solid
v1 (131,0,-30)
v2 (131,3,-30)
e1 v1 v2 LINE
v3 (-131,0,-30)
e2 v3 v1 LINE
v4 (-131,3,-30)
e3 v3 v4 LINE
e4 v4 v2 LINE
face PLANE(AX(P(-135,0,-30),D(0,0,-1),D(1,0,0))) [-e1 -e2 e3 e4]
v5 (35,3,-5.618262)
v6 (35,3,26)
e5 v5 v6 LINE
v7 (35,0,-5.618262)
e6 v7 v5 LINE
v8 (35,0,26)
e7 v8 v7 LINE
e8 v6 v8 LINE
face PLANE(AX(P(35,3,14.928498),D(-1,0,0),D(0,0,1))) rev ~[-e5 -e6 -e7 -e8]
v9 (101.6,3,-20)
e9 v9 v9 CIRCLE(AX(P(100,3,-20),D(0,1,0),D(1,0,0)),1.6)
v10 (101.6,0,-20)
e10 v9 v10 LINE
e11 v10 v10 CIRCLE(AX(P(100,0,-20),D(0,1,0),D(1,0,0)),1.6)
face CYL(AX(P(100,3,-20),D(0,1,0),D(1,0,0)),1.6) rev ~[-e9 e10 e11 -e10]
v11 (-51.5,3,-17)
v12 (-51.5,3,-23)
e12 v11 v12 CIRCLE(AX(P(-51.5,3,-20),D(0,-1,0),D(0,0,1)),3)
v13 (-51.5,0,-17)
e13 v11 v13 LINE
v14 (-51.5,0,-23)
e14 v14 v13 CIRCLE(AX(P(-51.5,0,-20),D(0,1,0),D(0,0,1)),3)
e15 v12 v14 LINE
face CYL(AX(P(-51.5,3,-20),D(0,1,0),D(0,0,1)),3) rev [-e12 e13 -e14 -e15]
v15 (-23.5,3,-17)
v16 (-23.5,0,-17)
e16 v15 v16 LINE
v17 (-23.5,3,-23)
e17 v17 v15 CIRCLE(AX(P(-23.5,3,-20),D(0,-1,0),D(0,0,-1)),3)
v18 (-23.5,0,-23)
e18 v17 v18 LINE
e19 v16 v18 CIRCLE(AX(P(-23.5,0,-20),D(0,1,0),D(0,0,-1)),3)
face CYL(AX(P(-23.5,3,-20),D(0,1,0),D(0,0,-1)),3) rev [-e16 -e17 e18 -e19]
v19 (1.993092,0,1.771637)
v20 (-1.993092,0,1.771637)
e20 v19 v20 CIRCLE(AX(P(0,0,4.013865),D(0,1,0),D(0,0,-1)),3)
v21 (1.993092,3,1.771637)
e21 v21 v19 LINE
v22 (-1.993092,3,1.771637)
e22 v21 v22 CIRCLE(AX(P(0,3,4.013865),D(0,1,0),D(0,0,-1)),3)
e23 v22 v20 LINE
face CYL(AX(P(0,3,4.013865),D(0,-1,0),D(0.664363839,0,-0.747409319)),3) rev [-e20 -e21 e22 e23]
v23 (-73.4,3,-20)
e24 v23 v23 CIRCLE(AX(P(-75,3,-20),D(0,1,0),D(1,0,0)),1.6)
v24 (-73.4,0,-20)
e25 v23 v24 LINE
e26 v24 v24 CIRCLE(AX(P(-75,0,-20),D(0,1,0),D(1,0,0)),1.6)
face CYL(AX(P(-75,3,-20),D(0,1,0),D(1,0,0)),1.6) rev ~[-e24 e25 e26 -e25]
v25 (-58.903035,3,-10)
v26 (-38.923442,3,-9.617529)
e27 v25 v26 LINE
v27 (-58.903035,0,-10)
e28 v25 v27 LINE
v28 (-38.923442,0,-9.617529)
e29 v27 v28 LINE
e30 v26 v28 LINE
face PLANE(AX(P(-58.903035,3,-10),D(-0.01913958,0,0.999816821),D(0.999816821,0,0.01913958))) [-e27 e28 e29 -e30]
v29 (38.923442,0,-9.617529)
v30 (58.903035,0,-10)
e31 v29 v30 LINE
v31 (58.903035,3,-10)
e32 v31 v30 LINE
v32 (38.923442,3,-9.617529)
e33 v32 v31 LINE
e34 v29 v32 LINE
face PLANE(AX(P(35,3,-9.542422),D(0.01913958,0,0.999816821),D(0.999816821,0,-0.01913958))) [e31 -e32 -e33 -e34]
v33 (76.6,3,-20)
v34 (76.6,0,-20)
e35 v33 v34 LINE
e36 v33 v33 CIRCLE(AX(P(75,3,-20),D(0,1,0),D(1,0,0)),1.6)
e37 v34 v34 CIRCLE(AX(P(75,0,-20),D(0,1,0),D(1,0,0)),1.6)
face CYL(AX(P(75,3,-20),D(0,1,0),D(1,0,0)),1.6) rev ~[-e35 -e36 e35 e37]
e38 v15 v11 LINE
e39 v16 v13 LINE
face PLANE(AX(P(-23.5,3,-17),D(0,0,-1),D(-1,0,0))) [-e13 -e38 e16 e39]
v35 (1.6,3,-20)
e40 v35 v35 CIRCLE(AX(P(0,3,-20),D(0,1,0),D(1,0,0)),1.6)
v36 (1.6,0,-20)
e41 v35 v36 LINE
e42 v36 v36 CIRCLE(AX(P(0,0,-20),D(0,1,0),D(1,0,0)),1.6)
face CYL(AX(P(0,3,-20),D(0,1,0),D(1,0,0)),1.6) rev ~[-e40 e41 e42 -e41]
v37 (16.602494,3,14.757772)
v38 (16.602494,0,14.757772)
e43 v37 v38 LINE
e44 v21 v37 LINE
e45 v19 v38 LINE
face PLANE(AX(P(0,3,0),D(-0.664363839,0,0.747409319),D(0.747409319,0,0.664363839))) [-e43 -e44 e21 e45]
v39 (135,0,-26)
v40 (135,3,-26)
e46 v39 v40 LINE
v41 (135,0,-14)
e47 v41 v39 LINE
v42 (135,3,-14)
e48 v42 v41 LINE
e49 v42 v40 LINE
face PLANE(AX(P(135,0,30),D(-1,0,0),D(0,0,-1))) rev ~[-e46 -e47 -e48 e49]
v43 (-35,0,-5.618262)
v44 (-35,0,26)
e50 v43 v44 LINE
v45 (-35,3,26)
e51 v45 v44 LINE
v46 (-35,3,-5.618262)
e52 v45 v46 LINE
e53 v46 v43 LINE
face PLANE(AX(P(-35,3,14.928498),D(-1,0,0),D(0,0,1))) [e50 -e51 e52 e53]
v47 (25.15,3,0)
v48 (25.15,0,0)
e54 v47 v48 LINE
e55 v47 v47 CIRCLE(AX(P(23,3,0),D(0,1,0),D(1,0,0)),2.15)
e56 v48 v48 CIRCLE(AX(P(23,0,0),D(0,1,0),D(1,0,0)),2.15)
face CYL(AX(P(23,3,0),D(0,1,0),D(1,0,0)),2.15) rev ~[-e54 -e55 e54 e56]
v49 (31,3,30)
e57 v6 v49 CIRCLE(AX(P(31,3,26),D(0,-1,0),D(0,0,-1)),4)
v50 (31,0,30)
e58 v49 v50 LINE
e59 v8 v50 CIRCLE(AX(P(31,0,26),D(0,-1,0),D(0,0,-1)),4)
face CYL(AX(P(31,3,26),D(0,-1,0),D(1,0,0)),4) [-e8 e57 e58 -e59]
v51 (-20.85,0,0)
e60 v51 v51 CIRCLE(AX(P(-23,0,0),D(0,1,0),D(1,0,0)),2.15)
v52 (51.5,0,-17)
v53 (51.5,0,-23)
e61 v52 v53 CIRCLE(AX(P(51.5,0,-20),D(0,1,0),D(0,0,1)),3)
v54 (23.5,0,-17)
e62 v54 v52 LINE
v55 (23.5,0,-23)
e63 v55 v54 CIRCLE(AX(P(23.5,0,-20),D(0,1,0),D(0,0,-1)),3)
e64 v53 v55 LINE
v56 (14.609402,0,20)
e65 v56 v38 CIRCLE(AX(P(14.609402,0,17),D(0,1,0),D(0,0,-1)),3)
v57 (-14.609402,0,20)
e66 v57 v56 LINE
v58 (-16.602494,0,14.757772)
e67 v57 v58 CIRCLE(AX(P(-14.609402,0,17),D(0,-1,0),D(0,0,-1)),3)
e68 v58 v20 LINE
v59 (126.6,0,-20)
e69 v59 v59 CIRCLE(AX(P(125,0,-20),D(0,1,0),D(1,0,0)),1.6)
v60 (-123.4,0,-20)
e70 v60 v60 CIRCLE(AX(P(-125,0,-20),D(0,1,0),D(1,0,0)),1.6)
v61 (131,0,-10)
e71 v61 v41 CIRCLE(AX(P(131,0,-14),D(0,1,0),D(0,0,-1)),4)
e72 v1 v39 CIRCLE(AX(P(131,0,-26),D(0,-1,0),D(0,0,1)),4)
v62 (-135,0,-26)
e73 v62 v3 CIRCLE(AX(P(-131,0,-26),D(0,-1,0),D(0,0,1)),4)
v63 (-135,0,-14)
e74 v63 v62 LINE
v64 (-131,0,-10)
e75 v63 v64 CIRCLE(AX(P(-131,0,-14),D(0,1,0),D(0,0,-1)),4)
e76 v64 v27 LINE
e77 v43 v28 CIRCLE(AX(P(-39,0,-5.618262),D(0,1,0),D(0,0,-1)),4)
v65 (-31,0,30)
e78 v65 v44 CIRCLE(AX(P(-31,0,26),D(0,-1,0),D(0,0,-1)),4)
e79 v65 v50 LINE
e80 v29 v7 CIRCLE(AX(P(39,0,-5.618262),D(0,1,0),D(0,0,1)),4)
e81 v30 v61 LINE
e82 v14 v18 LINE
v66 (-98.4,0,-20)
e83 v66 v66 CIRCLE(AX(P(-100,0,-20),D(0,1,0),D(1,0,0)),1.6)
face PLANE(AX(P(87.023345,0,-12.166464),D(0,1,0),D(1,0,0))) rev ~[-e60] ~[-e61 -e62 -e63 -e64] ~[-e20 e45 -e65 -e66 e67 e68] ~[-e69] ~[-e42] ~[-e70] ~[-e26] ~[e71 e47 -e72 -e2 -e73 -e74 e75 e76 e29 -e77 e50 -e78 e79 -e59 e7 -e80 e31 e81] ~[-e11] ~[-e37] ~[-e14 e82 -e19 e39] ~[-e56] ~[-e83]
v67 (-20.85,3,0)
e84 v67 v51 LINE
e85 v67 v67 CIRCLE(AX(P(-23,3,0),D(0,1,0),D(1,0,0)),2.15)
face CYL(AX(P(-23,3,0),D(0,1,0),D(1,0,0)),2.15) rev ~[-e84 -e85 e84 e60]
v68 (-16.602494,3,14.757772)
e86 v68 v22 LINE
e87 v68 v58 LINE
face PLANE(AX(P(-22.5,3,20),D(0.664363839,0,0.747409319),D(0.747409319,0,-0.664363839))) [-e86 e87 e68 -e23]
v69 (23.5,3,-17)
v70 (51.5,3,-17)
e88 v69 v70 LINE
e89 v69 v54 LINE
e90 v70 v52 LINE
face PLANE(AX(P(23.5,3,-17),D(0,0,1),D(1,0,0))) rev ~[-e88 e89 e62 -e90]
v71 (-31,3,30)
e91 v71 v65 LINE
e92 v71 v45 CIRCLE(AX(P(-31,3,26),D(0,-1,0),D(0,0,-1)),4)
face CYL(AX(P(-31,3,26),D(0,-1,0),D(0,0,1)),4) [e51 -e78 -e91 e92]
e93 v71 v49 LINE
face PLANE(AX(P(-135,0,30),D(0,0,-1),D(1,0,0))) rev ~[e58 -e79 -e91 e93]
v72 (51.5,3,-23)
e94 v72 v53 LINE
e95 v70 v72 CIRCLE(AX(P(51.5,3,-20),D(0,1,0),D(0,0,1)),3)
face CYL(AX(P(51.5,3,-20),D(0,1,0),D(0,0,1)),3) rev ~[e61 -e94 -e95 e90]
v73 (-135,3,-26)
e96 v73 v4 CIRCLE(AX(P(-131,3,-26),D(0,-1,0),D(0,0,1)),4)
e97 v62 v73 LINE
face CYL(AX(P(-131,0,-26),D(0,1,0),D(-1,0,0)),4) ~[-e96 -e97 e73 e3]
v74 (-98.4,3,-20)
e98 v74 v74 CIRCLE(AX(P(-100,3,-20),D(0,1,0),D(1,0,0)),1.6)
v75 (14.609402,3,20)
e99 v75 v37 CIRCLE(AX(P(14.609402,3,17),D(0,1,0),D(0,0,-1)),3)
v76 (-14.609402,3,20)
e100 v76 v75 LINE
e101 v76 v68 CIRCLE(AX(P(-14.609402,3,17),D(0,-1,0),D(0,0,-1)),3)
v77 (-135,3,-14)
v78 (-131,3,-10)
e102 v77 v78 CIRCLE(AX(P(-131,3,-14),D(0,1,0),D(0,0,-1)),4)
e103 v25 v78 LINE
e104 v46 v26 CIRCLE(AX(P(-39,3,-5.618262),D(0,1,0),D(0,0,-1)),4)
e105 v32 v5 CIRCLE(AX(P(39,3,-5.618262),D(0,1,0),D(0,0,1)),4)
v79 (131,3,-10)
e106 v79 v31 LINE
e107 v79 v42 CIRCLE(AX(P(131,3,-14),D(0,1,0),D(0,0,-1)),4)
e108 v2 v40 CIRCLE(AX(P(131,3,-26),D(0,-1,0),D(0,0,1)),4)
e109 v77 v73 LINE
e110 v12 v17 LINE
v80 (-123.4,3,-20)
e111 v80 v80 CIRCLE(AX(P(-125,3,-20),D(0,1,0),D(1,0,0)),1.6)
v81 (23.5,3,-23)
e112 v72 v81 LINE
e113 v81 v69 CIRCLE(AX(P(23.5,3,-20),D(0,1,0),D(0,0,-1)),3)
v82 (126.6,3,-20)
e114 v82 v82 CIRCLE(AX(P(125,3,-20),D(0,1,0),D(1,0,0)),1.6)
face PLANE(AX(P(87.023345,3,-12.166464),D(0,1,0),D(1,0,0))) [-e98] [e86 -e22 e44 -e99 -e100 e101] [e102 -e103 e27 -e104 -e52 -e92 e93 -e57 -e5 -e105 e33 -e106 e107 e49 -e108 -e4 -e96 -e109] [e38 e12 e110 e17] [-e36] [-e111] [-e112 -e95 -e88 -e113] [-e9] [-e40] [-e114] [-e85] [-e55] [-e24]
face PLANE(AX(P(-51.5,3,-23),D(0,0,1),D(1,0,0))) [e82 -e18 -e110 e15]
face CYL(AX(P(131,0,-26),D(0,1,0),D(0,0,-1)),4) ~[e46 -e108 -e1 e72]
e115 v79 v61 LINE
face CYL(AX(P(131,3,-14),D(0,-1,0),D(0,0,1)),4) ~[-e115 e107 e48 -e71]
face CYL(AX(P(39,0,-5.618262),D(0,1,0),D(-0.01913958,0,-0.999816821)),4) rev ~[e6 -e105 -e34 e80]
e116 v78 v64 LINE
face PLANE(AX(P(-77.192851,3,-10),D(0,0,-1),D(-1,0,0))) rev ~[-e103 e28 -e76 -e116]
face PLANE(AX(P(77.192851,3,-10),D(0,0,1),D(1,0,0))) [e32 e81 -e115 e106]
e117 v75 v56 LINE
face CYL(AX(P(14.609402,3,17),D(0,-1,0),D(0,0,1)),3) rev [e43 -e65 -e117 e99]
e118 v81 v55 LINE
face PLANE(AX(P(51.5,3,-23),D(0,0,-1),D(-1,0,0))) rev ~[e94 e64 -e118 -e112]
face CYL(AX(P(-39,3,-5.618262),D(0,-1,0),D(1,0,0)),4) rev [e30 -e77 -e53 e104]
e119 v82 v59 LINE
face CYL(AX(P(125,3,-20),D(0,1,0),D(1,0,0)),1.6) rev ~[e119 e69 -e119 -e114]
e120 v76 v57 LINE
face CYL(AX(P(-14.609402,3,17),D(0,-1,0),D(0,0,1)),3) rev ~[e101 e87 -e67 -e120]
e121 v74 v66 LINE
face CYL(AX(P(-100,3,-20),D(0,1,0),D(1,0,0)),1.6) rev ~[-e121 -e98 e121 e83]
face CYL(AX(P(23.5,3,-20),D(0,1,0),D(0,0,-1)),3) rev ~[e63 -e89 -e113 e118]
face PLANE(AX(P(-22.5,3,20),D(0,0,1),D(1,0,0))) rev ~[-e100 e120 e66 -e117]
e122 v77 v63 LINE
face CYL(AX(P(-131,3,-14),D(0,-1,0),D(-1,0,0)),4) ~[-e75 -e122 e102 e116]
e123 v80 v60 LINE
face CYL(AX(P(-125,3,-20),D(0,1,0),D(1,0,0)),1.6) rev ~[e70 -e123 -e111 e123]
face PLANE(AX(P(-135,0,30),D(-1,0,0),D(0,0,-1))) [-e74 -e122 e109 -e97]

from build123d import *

# Parameters (mm, degrees)
SKETCH_1_W          = 270
SKETCH_1_H          = 60
EXTRUDE_1_DEPTH     = 3
SKETCH_2_R          = 2.15
SKETCH_2_R_2        = 1.6
CUT_EXTRUDE_1_DEPTH = 3
SKETCH_3_R          = 1.6
CUT_EXTRUDE_2_DEPTH = 10
CUT_EXTRUDE_3_DEPTH = 10
FILLET_1_R          = 3
FILLET_2_R          = 4
SKETCH_5_W          = 100
SKETCH_5_H          = 40
CUT_EXTRUDE_4_DEPTH = 10
EXTRUDE_2_DEPTH     = 3
EXTRUDE_9_DEPTH     = 3
EXTRUDE_10_DEPTH    = 3
EXTRUDE_11_DEPTH    = 3
EXTRUDE_13_DEPTH    = 3
EXTRUDE_14_DEPTH    = 3
EXTRUDE_16_DEPTH    = 3
EXTRUDE_17_DEPTH    = 3
EXTRUDE_18_DEPTH    = 3
EXTRUDE_19_DEPTH    = 3
CUT_EXTRUDE_5_DEPTH = 4
FILLET_4_R          = 4


with BuildPart() as part:
    # 草图1 → 凸台-拉伸1 (new body)
    with BuildSketch(Plane(origin=(0, 0, 0), x_dir=(1, 0, 0), z_dir=(0, 1, 0))):
        Rectangle(SKETCH_1_W, SKETCH_1_H)
    extrude(amount=EXTRUDE_1_DEPTH)

    # 草图2 → 切除-拉伸1 (cut)
    with BuildSketch(Plane(origin=(0, 3, 0), x_dir=(1, 0, 0), z_dir=(0, 1, 0))):
        with Locations((-23, 0)):
            Circle(SKETCH_2_R)
        with Locations((23, 0)):
            Circle(SKETCH_2_R)
        with Locations((-125, -20)):
            Circle(SKETCH_2_R_2)
        with Locations((-125, -60)):
            Circle(SKETCH_2_R_2)
        with Locations((125, -60)):
            Circle(SKETCH_2_R_2)
        with Locations((125, -20)):
            Circle(SKETCH_2_R_2)
    extrude(amount=-CUT_EXTRUDE_1_DEPTH, mode=Mode.SUBTRACT)

    # 草图3 → 切除-拉伸2 (cut)
    with BuildSketch(Plane(origin=(0, 3, 0), x_dir=(1, 0, 0), z_dir=(0, 1, 0))):
        with Locations((125, 20)):
            Circle(SKETCH_3_R)
        with Locations((100, 20)):
            Circle(SKETCH_3_R)
        with Locations((75, 20)):
            Circle(SKETCH_3_R)
        with Locations((0, 20)):
            Circle(SKETCH_3_R)
        with Locations((-75, 20)):
            Circle(SKETCH_3_R)
        with Locations((-100, 20)):
            Circle(SKETCH_3_R)
        with Locations((-125, 20)):
            Circle(SKETCH_3_R)
    extrude(amount=-CUT_EXTRUDE_2_DEPTH, mode=Mode.SUBTRACT)

    # 草图4 → 切除-拉伸3 (cut)
    with BuildSketch(Plane(origin=(0, 3, 0), x_dir=(1, 0, 0), z_dir=(0, 1, 0))):
        with BuildLine():
            Line((-112.832473586, 10.419213325), (-112.99590583, 10.347711719))
            ThreePointArc((-112.99590583, 10.347711719), (-119.580786675, 12.924404223), (-117.00409417, 19.509285068))
            Line((-117.00409417, 19.509285068), (-116.840661926, 19.580786675))
            ThreePointArc((-116.840661926, 19.580786675), (-110.255781081, 17.00409417), (-112.832473586, 10.419213325))
        make_face()
        with BuildLine():
            Line((-79.771332565, 7.419213325), (-112.99590583, -7.116537478))
            ThreePointArc((-112.99590583, -7.116537478), (-119.580786675, -4.539844974), (-117.00409417, 2.045035871))
            Line((-117.00409417, 2.045035871), (-83.779520905, 16.580786675))
            ThreePointArc((-83.779520905, 16.580786675), (-77.194640061, 14.00409417), (-79.771332565, 7.419213325))
        make_face()
        with BuildLine():
            Line((-32.99590583, 10.419213325), (-112.99590583, -24.580786675))
            ThreePointArc((-112.99590583, -24.580786675), (-119.580786675, -22.00409417), (-117.00409417, -15.419213325))
            Line((-117.00409417, -15.419213325), (-37.00409417, 19.580786675))
            ThreePointArc((-37.00409417, 19.580786675), (-30.419213325, 17.00409417), (-32.99590583, 10.419213325))
        make_face()
        with BuildLine():
            Line((-32.99590583, -10.045035871), (-66.220479095, -24.580786675))
            ThreePointArc((-66.220479095, -24.580786675), (-72.805359939, -22.00409417), (-70.228667435, -15.419213325))
            Line((-70.228667435, -15.419213325), (-37.00409417, -0.883462522))
            ThreePointArc((-37.00409417, -0.883462522), (-30.419213325, -3.460155026), (-32.99590583, -10.045035871))
        make_face()
        with BuildLine():
            Line((-32.99590583, -24.509285068), (-33.159338074, -24.580786675))
            ThreePointArc((-33.159338074, -24.580786675), (-39.744218919, -22.00409417), (-37.167526414, -15.419213325))
            Line((-37.167526414, -15.419213325), (-37.00409417, -15.347711719))
            ThreePointArc((-37.00409417, -15.347711719), (-30.419213325, -17.924404223), (-32.99590583, -24.509285068))
        make_face()
        with BuildLine():
            Line((32.99590583, -24.509285068), (33.159338074, -24.580786675))
            ThreePointArc((33.159338074, -24.580786675), (39.744218919, -22.00409417), (37.167526414, -15.419213325))
            Line((37.167526414, -15.419213325), (37.00409417, -15.347711719))
            ThreePointArc((37.00409417, -15.347711719), (30.419213325, -17.924404223), (32.99590583, -24.509285068))
        make_face()
        with BuildLine():
            Line((32.99590583, -10.045035871), (66.220479095, -24.580786675))
            ThreePointArc((66.220479095, -24.580786675), (72.805359939, -22.00409417), (70.228667435, -15.419213325))
            Line((70.228667435, -15.419213325), (37.00409417, -0.883462522))
            ThreePointArc((37.00409417, -0.883462522), (30.419213325, -3.460155026), (32.99590583, -10.045035871))
        make_face()
        with BuildLine():
            Line((32.99590583, 10.419213325), (112.99590583, -24.580786675))
            ThreePointArc((112.99590583, -24.580786675), (119.580786675, -22.00409417), (117.00409417, -15.419213325))
            Line((117.00409417, -15.419213325), (37.00409417, 19.580786675))
            ThreePointArc((37.00409417, 19.580786675), (30.419213325, 17.00409417), (32.99590583, 10.419213325))
        make_face()
        with BuildLine():
            Line((79.771332565, 7.419213325), (112.99590583, -7.116537478))
            ThreePointArc((112.99590583, -7.116537478), (119.580786675, -4.539844974), (117.00409417, 2.045035871))
            Line((117.00409417, 2.045035871), (83.779520905, 16.580786675))
            ThreePointArc((83.779520905, 16.580786675), (77.194640061, 14.00409417), (79.771332565, 7.419213325))
        make_face()
        with BuildLine():
            Line((112.832473586, 10.419213325), (112.99590583, 10.347711719))
            ThreePointArc((112.99590583, 10.347711719), (119.580786675, 12.924404223), (117.00409417, 19.509285068))
            Line((117.00409417, 19.509285068), (116.840661926, 19.580786675))
            ThreePointArc((116.840661926, 19.580786675), (110.255781081, 17.00409417), (112.832473586, 10.419213325))
        make_face()
        Polygon((0, -20), (-22.5, -20), (0, 0), (22.5, -20), align=None)
    extrude(amount=-CUT_EXTRUDE_3_DEPTH, mode=Mode.SUBTRACT)

    # 圆角1
    fillet_1_edges = [part.edges().sort_by_distance(p)[0] for p in [
        (22.5, 1.5, 20),
        (-22.5, 1.5, 20),
        (0, 1.5, 0),
    ]]
    fillet(fillet_1_edges, radius=FILLET_1_R)

    # 圆角2
    fillet_2_edges = [part.edges().sort_by_distance(p)[0] for p in [
        (135, 1.5, 30),
        (-135, 1.5, 30),
        (-135, 1.5, -30),
        (135, 1.5, -30),
    ]]
    fillet(fillet_2_edges, radius=FILLET_2_R)

    # 草图5 → 切除-拉伸4 (cut)
    with BuildSketch(Plane(origin=(0, 3, 0), x_dir=(1, 0, 0), z_dir=(0, 1, 0))):
        with Locations((-85, -10)):
            Rectangle(SKETCH_5_W, SKETCH_5_H)
        with Locations((85, -10)):
            Rectangle(SKETCH_5_W, SKETCH_5_H)
    extrude(amount=-CUT_EXTRUDE_4_DEPTH, mode=Mode.SUBTRACT)

    # 草图6 → 凸台-拉伸2 (add)
    with BuildSketch(Plane(origin=(0, 3, 0), x_dir=(1, 0, 0), z_dir=(0, 1, 0))):
        with BuildLine():
            Line((-111.519942965, 10), (-118.153192546, 10))
            ThreePointArc((-118.153192546, 10), (-114.836567756, 21), (-111.519942965, 10))
        make_face()
    extrude(amount=-EXTRUDE_2_DEPTH)

    # 草图7 → 凸台-拉伸9 (add)
    with BuildSketch(Plane(origin=(0, 3, 0), x_dir=(1, 0, 0), z_dir=(0, 1, 0))):
        with BuildLine():
            Line((-98.821319018, 10), (-83.779520905, 16.580786675))
            ThreePointArc((-83.779520905, 16.580786675), (-78.241472851, 15.537113222), (-77.19285104, 10))
            Line((-77.19285104, 10), (-98.821319018, 10))
        make_face()
    extrude(amount=-EXTRUDE_9_DEPTH)

    # 草图8 → 凸台-拉伸10 (add)
    with BuildSketch(Plane(origin=(0, 3, 0), x_dir=(1, 0, 0), z_dir=(0, 1, 0))):
        with BuildLine():
            Line((-58.90303514, 10), (-35, 9.542422126))
            Line((-35, 9.542422126), (-32.99590583, 10.419213325))
            ThreePointArc((-32.99590583, 10.419213325), (-30.419213325, 17.00409417), (-37.00409417, 19.580786675))
            Line((-37.00409417, 19.580786675), (-58.90303514, 10))
        make_face()
    extrude(amount=-EXTRUDE_10_DEPTH)

    # 草图9 → 凸台-拉伸11 (add)
    with BuildSketch(Plane(origin=(0, 3, 0), x_dir=(1, 0, 0), z_dir=(0, 1, 0))):
        with BuildLine():
            Line((-35, -0.464249197), (-35, -10.921827071))
            Line((-35, -10.921827071), (-32.99590583, -10.045035871))
            ThreePointArc((-32.99590583, -10.045035871), (-30.105925349, -4.440514214), (-35, -0.464249197))
        make_face()
    extrude(amount=-EXTRUDE_11_DEPTH)

    # 草图10 → 凸台-拉伸13 (add)
    with BuildSketch(Plane(origin=(0, 3, 0), x_dir=(1, 0, 0), z_dir=(0, 1, 0))):
        with BuildLine():
            Line((-35, -14.928498393), (-35, -24.997328276))
            ThreePointArc((-35, -24.997328276), (-29.965585058, -19.962913335), (-35, -14.928498393))
        make_face()
    extrude(amount=-EXTRUDE_13_DEPTH)

    # 草图11 → 凸台-拉伸14 (add)
    with BuildSketch(Plane(origin=(0, 3, 0), x_dir=(1, 0, 0), z_dir=(0, 1, 0))):
        with BuildLine():
            Line((35, -0.464249197), (35, -10.921827071))
            ThreePointArc((35, -10.921827071), (29.771211063, -5.693038134), (35, -0.464249197))
        make_face()
    extrude(amount=-EXTRUDE_14_DEPTH)

    # 草图12 → 凸台-拉伸16 (add)
    with BuildSketch(Plane(origin=(0, 3, 0), x_dir=(1, 0, 0), z_dir=(0, 1, 0))):
        with BuildLine():
            Line((35, -14.928498393), (35, -24.997328276))
            ThreePointArc((35, -24.997328276), (29.965585058, -19.962913335), (35, -14.928498393))
        make_face()
    extrude(amount=-EXTRUDE_16_DEPTH)

    # 草图13 → 凸台-拉伸17 (add)
    with BuildSketch(Plane(origin=(0, 3, 0), x_dir=(1, 0, 0), z_dir=(0, 1, 0))):
        with BuildLine():
            Line((58.90303514, 10), (37.00409417, 19.580786675))
            ThreePointArc((37.00409417, 19.580786675), (30.419213325, 17.00409417), (32.99590583, 10.419213325))
            Line((32.99590583, 10.419213325), (35, 9.542422126))
            Line((35, 9.542422126), (58.90303514, 10))
        make_face()
    extrude(amount=-EXTRUDE_17_DEPTH)

    # 草图14 → 凸台-拉伸18 (add)
    with BuildSketch(Plane(origin=(0, 3, 0), x_dir=(1, 0, 0), z_dir=(0, 1, 0))):
        with BuildLine():
            Line((98.821319018, 10), (83.779520905, 16.580786675))
            ThreePointArc((83.779520905, 16.580786675), (78.241472851, 15.537113222), (77.19285104, 10))
            Line((77.19285104, 10), (98.821319018, 10))
        make_face()
    extrude(amount=-EXTRUDE_18_DEPTH)

    # 草图15 → 凸台-拉伸19 (add)
    with BuildSketch(Plane(origin=(0, 3, 0), x_dir=(1, 0, 0), z_dir=(0, 1, 0))):
        with BuildLine():
            Line((116.732439942, 10), (112.940695569, 10))
            ThreePointArc((112.940695569, 10), (114.836567756, 20.347366768), (116.732439942, 10))
        make_face()
    extrude(amount=-EXTRUDE_19_DEPTH)

    # 草图16 → 切除-拉伸5 (cut, through all)
    with BuildSketch(Plane(origin=(0, 3, 0), x_dir=(1, 0, 0), z_dir=(0, 1, 0))):
        with BuildLine():
            Line((-23.5, 17), (-51.5, 17))
            ThreePointArc((-51.5, 17), (-54.5, 20), (-51.5, 23))
            Line((-51.5, 23), (-23.5, 23))
            ThreePointArc((-23.5, 23), (-20.5, 20), (-23.5, 17))
        make_face()
        with BuildLine():
            Line((23.5, 17), (51.5, 17))
            ThreePointArc((51.5, 17), (54.5, 20), (51.5, 23))
            Line((51.5, 23), (23.5, 23))
            ThreePointArc((23.5, 23), (20.5, 20), (23.5, 17))
        make_face()
    extrude(amount=-CUT_EXTRUDE_5_DEPTH, mode=Mode.SUBTRACT)

    # 圆角4
    fillet_4_edges = [part.edges().sort_by_distance(p)[0] for p in [
        (35, 1.5, -9.542422126),
        (-135, 1.5, -10),
        (-35, 1.5, -9.542422126),
        (-35, 1.5, 30),
        (35, 1.5, 30),
        (135, 1.5, -10),
    ]]
    fillet(fillet_4_edges, radius=FILLET_4_R)


solid = part.part
